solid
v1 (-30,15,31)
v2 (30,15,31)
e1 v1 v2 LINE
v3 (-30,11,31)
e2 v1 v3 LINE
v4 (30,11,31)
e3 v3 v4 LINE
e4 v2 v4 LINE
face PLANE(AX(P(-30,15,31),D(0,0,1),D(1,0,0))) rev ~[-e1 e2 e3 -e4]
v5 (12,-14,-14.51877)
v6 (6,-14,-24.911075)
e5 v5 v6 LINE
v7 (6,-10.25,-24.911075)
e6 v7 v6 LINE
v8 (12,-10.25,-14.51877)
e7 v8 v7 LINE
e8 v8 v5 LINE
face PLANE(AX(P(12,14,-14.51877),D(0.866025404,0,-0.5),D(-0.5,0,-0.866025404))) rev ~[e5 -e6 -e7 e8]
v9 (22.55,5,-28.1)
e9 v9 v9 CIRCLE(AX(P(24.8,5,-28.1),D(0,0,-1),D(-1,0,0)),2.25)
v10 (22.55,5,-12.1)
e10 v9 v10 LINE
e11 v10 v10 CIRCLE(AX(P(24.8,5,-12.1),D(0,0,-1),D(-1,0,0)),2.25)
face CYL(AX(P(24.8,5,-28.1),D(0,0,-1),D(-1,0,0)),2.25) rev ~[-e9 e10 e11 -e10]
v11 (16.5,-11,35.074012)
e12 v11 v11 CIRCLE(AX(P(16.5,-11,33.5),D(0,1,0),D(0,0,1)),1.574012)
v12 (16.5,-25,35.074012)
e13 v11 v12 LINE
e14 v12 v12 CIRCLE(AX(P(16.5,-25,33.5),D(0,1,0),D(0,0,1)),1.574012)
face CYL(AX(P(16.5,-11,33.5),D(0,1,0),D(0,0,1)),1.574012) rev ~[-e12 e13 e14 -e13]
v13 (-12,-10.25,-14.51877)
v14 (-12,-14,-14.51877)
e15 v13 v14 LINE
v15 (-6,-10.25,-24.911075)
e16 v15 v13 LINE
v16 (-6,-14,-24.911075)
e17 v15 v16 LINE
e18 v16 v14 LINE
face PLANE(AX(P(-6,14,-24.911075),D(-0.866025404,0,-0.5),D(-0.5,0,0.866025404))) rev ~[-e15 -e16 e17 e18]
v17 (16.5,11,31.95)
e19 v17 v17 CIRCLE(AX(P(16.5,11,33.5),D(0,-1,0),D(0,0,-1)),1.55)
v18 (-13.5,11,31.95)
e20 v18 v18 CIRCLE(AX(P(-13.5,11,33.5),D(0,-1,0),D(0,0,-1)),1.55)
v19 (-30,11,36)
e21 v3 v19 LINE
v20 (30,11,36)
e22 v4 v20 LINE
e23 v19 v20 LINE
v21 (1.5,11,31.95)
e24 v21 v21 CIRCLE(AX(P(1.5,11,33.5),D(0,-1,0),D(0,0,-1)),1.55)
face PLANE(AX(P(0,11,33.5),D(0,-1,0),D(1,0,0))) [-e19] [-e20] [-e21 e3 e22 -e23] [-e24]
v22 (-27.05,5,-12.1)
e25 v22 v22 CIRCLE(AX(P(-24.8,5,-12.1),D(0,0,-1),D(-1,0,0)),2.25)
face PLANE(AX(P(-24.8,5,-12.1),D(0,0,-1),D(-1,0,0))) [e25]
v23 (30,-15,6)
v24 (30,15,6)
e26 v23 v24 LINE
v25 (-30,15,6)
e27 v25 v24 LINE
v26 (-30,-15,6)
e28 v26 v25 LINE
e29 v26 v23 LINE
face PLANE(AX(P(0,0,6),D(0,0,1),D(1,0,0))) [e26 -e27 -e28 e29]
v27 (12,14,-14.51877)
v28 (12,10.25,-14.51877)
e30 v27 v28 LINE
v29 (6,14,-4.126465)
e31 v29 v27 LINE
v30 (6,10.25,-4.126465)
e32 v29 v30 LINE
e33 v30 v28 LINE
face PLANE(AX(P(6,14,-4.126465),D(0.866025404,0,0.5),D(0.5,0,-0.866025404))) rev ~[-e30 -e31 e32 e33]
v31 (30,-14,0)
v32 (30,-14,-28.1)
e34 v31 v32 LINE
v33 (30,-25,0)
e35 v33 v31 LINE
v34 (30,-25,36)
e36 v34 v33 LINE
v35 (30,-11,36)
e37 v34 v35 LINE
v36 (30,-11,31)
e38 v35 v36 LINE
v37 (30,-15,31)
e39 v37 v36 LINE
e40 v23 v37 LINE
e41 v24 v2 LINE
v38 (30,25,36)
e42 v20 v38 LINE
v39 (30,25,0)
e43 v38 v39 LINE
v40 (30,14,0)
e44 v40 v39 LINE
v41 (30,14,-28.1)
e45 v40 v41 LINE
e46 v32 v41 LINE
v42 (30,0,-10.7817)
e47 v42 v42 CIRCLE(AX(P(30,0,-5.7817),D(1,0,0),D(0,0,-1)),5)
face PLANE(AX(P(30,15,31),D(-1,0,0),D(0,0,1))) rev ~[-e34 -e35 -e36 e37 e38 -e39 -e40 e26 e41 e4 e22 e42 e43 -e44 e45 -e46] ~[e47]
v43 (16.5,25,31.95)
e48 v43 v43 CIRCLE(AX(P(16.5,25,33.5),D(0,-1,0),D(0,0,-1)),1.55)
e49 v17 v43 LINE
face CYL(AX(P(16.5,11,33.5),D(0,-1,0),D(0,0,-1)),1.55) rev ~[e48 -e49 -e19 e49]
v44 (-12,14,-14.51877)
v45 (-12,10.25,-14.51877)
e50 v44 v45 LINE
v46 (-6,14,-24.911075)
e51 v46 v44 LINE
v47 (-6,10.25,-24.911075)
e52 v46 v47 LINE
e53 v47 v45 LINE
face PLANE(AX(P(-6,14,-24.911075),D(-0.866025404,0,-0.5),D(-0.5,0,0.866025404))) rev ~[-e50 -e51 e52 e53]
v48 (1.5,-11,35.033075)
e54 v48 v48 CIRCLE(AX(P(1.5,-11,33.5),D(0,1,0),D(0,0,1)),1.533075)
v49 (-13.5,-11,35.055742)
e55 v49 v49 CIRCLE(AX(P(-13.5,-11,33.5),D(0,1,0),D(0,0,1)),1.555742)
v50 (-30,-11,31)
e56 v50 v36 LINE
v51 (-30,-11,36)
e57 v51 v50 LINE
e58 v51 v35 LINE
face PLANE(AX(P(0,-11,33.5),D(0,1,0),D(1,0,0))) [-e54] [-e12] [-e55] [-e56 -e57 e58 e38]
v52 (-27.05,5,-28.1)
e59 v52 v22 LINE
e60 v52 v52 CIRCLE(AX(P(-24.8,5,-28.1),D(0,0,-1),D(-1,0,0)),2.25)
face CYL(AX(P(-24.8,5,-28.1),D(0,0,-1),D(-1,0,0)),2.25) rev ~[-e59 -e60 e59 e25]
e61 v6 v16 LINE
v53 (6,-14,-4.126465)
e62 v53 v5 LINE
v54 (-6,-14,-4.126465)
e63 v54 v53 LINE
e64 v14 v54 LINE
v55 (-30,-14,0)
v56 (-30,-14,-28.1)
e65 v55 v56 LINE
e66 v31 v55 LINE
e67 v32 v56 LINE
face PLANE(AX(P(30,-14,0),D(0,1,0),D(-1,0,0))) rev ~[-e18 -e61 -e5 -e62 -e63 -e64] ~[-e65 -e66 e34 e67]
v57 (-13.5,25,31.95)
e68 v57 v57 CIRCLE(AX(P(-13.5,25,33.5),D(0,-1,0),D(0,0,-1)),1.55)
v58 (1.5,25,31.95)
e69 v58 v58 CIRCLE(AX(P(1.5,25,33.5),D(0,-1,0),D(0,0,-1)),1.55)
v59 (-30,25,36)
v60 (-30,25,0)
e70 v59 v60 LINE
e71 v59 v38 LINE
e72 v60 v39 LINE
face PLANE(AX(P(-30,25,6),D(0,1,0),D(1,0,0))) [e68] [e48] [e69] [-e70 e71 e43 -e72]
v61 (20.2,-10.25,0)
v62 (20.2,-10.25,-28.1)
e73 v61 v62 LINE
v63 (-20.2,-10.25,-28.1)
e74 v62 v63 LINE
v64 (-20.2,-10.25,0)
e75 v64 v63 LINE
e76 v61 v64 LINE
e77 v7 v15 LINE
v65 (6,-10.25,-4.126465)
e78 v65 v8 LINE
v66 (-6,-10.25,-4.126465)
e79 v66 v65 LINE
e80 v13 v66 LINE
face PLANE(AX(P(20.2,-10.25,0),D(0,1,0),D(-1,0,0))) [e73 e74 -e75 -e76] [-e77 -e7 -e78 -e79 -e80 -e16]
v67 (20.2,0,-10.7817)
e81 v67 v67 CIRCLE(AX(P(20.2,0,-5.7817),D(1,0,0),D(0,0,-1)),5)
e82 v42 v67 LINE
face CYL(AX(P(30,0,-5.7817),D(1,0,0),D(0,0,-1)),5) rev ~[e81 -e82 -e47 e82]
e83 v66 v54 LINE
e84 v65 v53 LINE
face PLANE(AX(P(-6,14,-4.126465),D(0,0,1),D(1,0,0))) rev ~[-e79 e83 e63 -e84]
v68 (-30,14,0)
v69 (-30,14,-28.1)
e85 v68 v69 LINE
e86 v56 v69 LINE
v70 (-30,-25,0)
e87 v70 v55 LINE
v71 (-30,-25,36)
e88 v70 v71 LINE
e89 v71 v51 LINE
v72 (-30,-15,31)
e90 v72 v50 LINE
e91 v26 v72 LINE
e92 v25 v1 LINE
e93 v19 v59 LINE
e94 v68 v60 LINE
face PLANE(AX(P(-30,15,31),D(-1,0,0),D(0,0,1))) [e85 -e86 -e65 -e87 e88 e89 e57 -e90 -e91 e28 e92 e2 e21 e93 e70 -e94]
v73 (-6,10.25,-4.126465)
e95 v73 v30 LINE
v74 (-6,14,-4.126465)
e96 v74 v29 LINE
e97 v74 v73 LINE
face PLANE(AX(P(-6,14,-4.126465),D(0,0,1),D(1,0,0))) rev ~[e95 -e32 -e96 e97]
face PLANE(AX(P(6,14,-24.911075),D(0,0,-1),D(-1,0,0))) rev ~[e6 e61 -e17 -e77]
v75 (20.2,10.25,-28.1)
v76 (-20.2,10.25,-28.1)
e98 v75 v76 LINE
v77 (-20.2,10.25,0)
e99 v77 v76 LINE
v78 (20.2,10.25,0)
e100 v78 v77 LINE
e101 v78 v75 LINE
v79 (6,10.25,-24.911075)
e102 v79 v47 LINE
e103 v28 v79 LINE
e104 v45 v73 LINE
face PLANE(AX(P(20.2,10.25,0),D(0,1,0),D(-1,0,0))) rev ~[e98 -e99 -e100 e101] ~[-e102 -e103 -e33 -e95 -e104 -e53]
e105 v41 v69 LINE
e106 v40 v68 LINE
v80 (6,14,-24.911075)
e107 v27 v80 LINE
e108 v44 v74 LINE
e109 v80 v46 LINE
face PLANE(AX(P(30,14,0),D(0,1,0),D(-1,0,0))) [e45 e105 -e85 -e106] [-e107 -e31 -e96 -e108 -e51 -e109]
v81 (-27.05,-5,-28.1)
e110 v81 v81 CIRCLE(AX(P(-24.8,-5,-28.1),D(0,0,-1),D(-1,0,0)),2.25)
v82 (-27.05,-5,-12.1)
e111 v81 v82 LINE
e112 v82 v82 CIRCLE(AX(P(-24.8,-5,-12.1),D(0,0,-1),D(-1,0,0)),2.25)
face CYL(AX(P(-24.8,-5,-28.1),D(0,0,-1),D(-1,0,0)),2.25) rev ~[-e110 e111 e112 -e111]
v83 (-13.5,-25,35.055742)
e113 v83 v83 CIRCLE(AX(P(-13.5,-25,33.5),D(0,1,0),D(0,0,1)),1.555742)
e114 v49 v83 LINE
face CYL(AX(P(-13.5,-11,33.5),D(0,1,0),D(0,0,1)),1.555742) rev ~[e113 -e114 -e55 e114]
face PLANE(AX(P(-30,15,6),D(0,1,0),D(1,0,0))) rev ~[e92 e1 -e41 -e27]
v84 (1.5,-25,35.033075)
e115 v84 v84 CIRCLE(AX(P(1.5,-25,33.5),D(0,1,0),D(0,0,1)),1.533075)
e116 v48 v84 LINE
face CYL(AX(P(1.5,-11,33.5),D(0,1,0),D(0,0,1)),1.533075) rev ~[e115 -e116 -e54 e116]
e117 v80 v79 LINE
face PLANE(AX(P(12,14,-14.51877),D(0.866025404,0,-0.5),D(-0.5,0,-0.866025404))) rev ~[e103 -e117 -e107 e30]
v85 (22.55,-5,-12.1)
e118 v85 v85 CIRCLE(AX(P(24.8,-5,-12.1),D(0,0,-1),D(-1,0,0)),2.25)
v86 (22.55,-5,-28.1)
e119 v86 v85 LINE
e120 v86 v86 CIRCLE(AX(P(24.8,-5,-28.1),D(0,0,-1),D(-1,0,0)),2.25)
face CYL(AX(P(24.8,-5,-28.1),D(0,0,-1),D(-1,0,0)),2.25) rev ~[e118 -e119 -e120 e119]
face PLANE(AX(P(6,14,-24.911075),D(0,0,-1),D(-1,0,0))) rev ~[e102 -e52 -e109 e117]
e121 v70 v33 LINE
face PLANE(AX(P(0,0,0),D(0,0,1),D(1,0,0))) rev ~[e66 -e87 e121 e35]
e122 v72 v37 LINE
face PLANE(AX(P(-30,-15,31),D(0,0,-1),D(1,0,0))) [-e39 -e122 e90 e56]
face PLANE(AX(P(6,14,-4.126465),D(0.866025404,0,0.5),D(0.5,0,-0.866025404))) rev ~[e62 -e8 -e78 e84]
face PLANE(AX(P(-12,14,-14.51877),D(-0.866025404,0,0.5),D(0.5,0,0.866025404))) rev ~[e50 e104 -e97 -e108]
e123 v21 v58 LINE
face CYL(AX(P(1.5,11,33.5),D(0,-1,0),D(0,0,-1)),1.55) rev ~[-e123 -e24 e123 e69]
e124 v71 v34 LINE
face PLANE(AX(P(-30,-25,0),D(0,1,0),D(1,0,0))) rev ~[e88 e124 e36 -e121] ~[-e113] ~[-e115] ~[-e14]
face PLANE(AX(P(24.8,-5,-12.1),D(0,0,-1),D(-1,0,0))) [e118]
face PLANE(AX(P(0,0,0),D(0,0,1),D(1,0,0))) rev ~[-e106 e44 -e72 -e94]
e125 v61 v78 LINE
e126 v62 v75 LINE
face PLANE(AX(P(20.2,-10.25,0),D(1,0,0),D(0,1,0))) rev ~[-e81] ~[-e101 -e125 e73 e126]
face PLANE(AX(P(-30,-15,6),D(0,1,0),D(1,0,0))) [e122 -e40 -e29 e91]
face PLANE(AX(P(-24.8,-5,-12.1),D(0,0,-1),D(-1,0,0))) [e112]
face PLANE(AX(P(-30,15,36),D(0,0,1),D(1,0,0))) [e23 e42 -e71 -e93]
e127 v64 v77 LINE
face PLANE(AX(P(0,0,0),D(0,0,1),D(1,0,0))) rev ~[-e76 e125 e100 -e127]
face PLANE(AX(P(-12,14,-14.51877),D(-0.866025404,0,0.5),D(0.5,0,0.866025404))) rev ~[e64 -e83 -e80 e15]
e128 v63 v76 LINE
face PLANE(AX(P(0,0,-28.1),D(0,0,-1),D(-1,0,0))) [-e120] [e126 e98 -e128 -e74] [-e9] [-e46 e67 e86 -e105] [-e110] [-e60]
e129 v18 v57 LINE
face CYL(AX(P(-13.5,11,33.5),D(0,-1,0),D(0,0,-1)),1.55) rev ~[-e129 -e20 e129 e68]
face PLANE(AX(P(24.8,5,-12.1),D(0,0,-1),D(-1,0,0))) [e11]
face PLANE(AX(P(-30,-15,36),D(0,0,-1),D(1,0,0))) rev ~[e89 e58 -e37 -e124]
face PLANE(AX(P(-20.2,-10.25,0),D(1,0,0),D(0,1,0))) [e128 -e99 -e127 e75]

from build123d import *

# Parameters (mm, degrees)
SKETCH_1_W          = 60
SKETCH_1_H          = 50
EXTRUDE_1_DEPTH     = 6
SKETCH_2_W          = 60
SKETCH_2_H          = 10
EXTRUDE_3_DEPTH     = 30
SKETCH_3_W          = 60
SKETCH_3_H          = 5
EXTRUDE_4_DEPTH     = 4
SKETCH_4_W          = 60
SKETCH_4_H          = 5
EXTRUDE_5_DEPTH     = 4
SKETCH_6_R          = 1.555741847
SKETCH_6_R_2        = 1.533074906
SKETCH_6_R_3        = 1.574012297
CUT_EXTRUDE_1_DEPTH = 60.093146811
SKETCH_7_R          = 1.55
CUT_EXTRUDE_2_DEPTH = 60.093146811
SKETCH_9_W          = 60
SKETCH_9_H          = 28
SKETCH_9_W_2        = 40.4
SKETCH_9_H_2        = 20.5
EXTRUDE_6_DEPTH     = 28.1
SKETCH_11_R         = 5
CUT_EXTRUDE_3_DEPTH = 10
SKETCH_12_R         = 2.25
CUT_EXTRUDE_4_DEPTH = 16
CUT_EXTRUDE_5_DEPTH = 61.967204299


with BuildPart() as part:
    # 草图1 → 凸台-拉伸1 (new body)
    with BuildSketch(Plane.XY):
        Rectangle(SKETCH_1_W, SKETCH_1_H)
    extrude(amount=EXTRUDE_1_DEPTH)

    # 草图2 → 凸台-拉伸3 (add)
    with BuildSketch(Plane.XY.offset(6)):
        with Locations((0, 20)):
            Rectangle(SKETCH_2_W, SKETCH_2_H)
        with Locations((0, -20)):
            Rectangle(SKETCH_2_W, SKETCH_2_H)
    extrude(amount=EXTRUDE_3_DEPTH)

    # 草图3 → 凸台-拉伸4 (add)
    with BuildSketch(Plane(origin=(0, -15, 0), x_dir=(1, 0, 0), z_dir=(0, 1, 0))):
        with Locations((0, -33.5)):
            Rectangle(SKETCH_3_W, SKETCH_3_H)
    extrude(amount=EXTRUDE_4_DEPTH)

    # 草图4 → 凸台-拉伸5 (add)
    with BuildSketch(Plane.XZ.offset(-15)):
        with Locations((0, 33.5)):
            Rectangle(SKETCH_4_W, SKETCH_4_H)
    extrude(amount=EXTRUDE_5_DEPTH)

    # 草图6 → 切除-拉伸1 (cut, through all)
    with BuildSketch(Plane(origin=(0, -11, 0), x_dir=(1, 0, 0), z_dir=(0, 1, 0))):
        with Locations(Location((-13.5, -33.5, 0), (0, 0, 270))):
            Circle(SKETCH_6_R)
        with Locations(Location((1.5, -33.5, 0), (0, 0, 270))):
            Circle(SKETCH_6_R_2)
        with Locations(Location((16.5, -33.5, 0), (0, 0, 270))):
            Circle(SKETCH_6_R_3)
    extrude(amount=-CUT_EXTRUDE_1_DEPTH, mode=Mode.SUBTRACT)

    # 草图7 → 切除-拉伸2 (cut, through all)
    with BuildSketch(Plane.XZ.offset(-11)):
        with Locations(Location((16.5, 33.5, 0), (0, 0, 270))):
            Circle(SKETCH_7_R)
        with Locations(Location((1.5, 33.5, 0), (0, 0, 270))):
            Circle(SKETCH_7_R)
        with Locations(Location((-13.5, 33.5, 0), (0, 0, 270))):
            Circle(SKETCH_7_R)
    extrude(amount=-CUT_EXTRUDE_2_DEPTH, mode=Mode.SUBTRACT)

    # 草图9 → 凸台-拉伸6 (add)
    with BuildSketch(Plane(origin=(0, 0, 0), x_dir=(-1, 0, 0), z_dir=(0, 0, -1))):
        Rectangle(SKETCH_9_W, SKETCH_9_H)
        Rectangle(SKETCH_9_W_2, SKETCH_9_H_2, mode=Mode.SUBTRACT)
    extrude(amount=EXTRUDE_6_DEPTH)

    # 草图11 → 切除-拉伸3 (cut)
    with BuildSketch(Plane(origin=(30, 0, 0), x_dir=(0, 0, -1), z_dir=(1, 0, 0))):
        with Locations((5.781700187, 0)):
            Circle(SKETCH_11_R)
    extrude(amount=-CUT_EXTRUDE_3_DEPTH, mode=Mode.SUBTRACT)

    # 草图12 → 切除-拉伸4 (cut)
    with BuildSketch(Plane(origin=(0, 0, -28.1), x_dir=(-1, 0, 0), z_dir=(0, 0, -1))):
        with Locations((24.8, -5)):
            Circle(SKETCH_12_R)
        with Locations((24.8, 5)):
            Circle(SKETCH_12_R)
        with Locations((-24.8, -5)):
            Circle(SKETCH_12_R)
        with Locations((-24.8, 5)):
            Circle(SKETCH_12_R)
    extrude(amount=-CUT_EXTRUDE_4_DEPTH, mode=Mode.SUBTRACT)

    # 草图13 → 切除-拉伸5 (cut, through all)
    with BuildSketch(Plane(origin=(0, 14, 0), x_dir=(1, 0, 0), z_dir=(0, 1, 0))):
        Polygon((-12, 14.518770095), (-6, 4.12646525), (6, 4.12646525), (12, 14.518770095), (6, 24.911074941), (-6, 24.911074941), align=None)
    extrude(amount=-CUT_EXTRUDE_5_DEPTH, mode=Mode.SUBTRACT)


solid = part.part
